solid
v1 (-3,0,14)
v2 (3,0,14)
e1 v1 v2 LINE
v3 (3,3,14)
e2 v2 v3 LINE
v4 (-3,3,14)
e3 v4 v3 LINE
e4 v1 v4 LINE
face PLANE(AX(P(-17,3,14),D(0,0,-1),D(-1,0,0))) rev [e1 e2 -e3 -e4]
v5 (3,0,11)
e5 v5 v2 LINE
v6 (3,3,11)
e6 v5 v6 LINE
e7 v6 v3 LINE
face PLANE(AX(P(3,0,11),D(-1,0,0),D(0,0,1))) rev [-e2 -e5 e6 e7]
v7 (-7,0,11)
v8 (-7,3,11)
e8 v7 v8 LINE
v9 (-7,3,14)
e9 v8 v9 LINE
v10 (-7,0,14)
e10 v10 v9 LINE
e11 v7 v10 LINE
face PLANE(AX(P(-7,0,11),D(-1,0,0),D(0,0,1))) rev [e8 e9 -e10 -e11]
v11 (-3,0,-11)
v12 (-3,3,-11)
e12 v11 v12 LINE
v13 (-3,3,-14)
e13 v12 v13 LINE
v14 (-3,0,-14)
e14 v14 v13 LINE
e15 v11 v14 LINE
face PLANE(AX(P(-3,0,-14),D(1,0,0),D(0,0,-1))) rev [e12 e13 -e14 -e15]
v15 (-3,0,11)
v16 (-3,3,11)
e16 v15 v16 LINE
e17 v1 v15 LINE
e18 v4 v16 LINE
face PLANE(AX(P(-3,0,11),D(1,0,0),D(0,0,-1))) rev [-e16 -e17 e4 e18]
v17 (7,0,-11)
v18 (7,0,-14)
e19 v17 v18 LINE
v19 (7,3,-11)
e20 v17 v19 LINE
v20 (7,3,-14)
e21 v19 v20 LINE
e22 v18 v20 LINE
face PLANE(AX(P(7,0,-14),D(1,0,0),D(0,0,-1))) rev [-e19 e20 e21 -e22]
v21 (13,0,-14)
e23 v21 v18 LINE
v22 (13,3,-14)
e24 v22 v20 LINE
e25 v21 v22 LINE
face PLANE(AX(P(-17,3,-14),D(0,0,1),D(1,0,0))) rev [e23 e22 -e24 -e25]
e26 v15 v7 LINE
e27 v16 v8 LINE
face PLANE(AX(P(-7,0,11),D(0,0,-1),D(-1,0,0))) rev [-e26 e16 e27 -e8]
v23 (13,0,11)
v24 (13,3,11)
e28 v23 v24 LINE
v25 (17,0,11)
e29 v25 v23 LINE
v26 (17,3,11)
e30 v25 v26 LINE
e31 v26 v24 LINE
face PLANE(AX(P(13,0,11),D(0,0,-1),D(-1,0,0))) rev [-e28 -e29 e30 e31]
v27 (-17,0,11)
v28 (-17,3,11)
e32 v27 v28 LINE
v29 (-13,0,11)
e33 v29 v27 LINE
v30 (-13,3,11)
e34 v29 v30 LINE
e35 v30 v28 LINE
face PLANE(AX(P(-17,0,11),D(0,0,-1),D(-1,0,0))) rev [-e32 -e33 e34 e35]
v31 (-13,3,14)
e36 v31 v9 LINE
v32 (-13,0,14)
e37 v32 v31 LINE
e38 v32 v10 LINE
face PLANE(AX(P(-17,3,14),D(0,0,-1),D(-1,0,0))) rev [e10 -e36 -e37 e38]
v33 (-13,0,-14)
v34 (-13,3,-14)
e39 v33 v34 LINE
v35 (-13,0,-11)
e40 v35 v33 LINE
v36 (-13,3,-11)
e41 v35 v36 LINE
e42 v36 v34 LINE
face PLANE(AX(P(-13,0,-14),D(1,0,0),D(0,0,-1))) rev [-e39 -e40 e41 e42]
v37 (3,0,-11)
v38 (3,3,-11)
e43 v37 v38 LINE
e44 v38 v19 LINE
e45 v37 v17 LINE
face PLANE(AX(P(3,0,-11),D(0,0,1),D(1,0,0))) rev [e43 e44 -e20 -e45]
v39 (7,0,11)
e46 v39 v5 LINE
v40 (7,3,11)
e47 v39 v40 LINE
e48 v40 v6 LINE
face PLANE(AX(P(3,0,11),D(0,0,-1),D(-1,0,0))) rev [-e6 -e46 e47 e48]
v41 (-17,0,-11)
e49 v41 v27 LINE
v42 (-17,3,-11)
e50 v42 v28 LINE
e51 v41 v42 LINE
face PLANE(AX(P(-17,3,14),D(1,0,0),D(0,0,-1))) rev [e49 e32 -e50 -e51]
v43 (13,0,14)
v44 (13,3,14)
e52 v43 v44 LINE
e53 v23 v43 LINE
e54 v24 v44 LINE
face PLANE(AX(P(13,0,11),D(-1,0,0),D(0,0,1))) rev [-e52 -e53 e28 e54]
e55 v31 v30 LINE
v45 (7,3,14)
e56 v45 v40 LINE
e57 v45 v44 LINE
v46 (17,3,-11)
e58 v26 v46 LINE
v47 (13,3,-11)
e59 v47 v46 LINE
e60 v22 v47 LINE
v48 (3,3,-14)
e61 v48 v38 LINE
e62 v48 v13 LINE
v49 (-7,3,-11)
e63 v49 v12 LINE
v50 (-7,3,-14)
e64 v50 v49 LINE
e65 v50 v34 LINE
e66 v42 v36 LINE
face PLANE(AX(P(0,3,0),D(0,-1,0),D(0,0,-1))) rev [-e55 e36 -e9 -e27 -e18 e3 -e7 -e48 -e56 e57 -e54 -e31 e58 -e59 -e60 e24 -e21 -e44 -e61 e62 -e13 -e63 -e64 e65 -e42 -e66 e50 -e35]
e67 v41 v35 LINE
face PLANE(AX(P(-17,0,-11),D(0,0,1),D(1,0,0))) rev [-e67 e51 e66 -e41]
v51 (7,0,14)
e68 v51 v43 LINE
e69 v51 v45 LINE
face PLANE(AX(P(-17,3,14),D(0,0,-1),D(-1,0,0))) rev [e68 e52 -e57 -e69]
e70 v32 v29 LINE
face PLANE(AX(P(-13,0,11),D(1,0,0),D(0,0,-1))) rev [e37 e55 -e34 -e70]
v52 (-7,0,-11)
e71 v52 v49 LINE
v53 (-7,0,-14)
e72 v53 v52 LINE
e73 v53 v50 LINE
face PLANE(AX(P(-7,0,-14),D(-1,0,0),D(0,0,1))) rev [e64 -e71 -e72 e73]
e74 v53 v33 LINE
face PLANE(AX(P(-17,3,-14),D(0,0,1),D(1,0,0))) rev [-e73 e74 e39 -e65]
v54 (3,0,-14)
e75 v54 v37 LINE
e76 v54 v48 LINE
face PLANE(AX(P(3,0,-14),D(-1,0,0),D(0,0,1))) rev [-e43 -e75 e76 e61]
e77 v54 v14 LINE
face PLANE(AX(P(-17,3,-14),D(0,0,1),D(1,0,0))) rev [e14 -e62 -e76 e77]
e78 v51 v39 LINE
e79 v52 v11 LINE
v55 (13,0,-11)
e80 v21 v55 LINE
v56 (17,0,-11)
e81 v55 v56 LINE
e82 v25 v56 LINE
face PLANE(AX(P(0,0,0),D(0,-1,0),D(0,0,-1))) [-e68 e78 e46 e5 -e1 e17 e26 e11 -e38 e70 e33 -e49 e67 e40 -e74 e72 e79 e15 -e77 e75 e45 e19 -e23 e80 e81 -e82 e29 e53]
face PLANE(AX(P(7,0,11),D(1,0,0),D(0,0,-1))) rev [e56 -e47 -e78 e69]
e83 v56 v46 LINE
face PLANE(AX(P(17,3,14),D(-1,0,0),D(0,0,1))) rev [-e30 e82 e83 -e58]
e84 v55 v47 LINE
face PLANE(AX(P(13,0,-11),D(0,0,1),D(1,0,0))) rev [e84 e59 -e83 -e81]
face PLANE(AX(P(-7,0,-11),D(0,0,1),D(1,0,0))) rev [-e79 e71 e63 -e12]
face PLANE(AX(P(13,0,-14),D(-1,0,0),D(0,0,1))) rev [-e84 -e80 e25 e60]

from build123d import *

# Parameters (mm, degrees)
SKETCH1_W            = 34
SKETCH1_H            = 28
BOSS_EXTRUDE1_DEPTH  = 3
SKETCH2_W            = 4
SKETCH2_H            = 3
CUT_EXTRUDE1_DEPTH   = 3
LPATTERN1_COUNT      = 4
LPATTERN1_PITCH      = 10
LPATTERN1_COUNT_DIR2 = 2
LPATTERN1_PITCH_DIR2 = 25


with BuildPart() as part:
    # Sketch1 → Boss-Extrude1 (new body)
    with BuildSketch(Plane(origin=(0, 0, 0), x_dir=(1, 0, 0), z_dir=(0, 1, 0))):
        Rectangle(SKETCH1_W, SKETCH1_H)
    extrude(amount=BOSS_EXTRUDE1_DEPTH)

    # Sketch2 → Cut-Extrude1 (cut)
    with BuildSketch(Plane(origin=(0, 3, 0), x_dir=(1, 0, 0), z_dir=(0, 1, 0))):
        with Locations((-15, 12.5)):
            Rectangle(SKETCH2_W, SKETCH2_H)
    cut_extrude1 = extrude(amount=-CUT_EXTRUDE1_DEPTH, mode=Mode.SUBTRACT)

    # LPattern1: Cut-Extrude1 4 × 2
    with Locations(*[(i * LPATTERN1_PITCH, 0, j * LPATTERN1_PITCH_DIR2) for i in range(LPATTERN1_COUNT) for j in range(LPATTERN1_COUNT_DIR2) if (i, j) != (0, 0)]):
        add(cut_extrude1, mode=Mode.SUBTRACT)


solid = part.part
